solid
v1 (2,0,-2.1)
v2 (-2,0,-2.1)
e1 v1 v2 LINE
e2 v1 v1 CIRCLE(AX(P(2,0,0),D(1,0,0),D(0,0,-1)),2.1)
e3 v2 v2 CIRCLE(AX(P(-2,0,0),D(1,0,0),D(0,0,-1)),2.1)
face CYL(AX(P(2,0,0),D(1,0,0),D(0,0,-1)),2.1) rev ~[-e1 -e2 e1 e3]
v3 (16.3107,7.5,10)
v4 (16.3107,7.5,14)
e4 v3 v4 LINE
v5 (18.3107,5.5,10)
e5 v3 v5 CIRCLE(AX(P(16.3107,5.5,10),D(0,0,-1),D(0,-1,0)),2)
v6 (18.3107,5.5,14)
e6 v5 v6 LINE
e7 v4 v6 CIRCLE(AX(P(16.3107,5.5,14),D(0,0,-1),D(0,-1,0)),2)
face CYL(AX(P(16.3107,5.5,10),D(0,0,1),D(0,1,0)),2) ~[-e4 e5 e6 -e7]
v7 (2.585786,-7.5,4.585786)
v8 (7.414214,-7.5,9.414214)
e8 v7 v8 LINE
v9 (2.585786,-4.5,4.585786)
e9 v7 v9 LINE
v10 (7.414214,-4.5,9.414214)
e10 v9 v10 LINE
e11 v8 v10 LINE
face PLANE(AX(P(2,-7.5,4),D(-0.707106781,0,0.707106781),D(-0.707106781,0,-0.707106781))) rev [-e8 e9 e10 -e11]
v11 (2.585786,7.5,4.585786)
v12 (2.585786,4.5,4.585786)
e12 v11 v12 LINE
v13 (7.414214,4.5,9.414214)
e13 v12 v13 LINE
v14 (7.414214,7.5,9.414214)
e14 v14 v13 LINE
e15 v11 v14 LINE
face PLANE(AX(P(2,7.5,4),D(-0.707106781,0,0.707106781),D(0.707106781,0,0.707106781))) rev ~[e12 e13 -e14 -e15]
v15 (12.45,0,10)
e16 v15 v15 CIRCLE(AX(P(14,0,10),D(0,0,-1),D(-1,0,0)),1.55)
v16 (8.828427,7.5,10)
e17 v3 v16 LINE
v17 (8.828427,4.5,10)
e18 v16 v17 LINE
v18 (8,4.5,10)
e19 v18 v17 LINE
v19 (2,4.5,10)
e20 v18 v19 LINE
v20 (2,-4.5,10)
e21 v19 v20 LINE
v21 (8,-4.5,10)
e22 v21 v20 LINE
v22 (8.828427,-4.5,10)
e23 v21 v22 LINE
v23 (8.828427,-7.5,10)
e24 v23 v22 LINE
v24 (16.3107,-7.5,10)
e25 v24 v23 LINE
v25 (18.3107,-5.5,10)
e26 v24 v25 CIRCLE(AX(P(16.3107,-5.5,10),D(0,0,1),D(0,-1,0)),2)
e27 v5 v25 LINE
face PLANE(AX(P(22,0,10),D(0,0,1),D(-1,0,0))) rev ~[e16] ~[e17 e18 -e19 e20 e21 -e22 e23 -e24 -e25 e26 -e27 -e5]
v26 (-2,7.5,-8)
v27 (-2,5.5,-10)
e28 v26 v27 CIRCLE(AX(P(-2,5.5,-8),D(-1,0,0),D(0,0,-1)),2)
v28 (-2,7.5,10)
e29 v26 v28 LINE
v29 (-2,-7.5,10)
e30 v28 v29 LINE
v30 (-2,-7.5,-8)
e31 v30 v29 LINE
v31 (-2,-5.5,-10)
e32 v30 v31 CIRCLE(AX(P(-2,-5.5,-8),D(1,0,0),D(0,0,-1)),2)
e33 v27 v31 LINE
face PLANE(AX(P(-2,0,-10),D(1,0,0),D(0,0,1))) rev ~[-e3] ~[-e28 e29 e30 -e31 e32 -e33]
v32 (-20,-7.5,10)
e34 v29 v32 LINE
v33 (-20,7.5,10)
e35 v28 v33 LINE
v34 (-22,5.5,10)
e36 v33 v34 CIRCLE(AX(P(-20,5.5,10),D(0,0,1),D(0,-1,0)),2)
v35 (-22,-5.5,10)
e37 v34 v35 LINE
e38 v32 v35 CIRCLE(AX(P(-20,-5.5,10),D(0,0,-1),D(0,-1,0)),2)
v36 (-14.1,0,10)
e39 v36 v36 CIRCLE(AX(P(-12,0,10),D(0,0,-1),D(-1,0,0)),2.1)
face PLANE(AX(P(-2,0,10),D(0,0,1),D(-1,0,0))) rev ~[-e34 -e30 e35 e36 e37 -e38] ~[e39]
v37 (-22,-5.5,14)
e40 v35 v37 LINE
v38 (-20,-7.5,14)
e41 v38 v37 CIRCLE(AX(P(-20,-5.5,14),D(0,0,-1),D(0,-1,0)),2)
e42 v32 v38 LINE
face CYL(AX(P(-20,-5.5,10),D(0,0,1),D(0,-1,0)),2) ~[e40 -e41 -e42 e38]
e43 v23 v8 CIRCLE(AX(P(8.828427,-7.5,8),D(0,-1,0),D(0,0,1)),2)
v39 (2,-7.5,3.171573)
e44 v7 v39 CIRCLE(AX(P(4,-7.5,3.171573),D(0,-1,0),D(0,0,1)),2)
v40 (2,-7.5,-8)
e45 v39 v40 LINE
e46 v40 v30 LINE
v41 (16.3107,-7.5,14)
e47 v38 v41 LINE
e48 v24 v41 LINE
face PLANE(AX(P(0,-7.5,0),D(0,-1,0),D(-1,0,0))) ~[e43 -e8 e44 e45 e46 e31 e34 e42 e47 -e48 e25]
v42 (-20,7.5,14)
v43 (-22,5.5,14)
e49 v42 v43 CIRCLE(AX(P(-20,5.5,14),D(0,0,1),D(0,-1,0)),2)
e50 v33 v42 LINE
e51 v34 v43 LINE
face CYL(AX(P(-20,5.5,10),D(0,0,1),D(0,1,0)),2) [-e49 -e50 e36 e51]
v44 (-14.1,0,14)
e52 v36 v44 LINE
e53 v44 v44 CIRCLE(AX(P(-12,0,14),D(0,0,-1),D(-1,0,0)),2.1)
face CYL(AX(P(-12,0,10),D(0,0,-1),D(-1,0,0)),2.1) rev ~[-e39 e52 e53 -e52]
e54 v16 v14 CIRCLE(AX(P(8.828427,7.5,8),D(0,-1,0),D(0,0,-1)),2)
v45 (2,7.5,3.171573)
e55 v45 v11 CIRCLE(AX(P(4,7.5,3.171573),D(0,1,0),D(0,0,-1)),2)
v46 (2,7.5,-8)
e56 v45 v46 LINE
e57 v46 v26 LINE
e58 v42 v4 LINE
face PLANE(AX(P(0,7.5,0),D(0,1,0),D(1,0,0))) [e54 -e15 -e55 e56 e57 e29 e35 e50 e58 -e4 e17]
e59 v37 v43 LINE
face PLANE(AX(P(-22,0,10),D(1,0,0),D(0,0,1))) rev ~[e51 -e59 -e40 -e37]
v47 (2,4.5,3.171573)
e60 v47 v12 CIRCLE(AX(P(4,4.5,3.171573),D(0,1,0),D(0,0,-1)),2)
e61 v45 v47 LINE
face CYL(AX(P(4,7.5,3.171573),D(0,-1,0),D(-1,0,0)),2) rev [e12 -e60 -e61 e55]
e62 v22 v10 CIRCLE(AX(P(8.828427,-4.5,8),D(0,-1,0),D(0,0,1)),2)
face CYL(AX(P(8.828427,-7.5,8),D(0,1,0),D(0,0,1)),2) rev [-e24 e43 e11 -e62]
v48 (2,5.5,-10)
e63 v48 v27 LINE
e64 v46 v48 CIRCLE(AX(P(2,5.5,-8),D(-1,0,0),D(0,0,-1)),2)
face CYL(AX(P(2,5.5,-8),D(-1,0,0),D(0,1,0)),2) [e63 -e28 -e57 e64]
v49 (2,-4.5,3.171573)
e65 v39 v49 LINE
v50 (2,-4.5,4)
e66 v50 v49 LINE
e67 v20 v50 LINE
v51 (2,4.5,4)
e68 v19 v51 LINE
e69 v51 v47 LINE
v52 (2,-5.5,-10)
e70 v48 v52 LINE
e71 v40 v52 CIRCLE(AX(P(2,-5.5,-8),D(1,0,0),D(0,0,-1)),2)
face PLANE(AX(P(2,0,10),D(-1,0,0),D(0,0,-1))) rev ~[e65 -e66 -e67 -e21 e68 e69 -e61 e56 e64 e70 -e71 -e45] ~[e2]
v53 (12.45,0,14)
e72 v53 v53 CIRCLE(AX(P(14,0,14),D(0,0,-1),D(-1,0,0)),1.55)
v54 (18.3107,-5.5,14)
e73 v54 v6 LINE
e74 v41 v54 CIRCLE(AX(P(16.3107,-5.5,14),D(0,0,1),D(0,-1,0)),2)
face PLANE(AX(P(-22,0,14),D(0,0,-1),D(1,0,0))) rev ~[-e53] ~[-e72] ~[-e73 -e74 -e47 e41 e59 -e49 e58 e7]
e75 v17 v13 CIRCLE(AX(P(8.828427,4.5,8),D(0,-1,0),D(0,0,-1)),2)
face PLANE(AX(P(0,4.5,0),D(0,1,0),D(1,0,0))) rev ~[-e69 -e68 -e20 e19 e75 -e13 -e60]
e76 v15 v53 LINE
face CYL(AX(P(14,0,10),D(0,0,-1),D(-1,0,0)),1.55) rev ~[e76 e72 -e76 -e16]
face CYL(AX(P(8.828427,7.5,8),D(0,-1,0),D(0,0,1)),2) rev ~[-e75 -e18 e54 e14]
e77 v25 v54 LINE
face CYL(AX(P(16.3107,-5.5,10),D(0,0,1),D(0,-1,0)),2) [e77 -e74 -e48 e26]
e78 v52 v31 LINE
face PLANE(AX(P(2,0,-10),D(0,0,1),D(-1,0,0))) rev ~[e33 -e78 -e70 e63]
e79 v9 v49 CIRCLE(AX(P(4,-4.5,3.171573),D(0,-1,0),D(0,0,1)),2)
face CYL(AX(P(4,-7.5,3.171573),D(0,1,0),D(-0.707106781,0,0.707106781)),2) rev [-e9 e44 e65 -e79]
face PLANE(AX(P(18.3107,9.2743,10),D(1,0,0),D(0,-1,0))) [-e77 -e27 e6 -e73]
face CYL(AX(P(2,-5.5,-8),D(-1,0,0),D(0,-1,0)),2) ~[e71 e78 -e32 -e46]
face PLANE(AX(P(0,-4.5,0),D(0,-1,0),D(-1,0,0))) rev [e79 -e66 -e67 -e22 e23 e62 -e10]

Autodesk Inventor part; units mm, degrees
ref_plane "YZ Plane" through (0, 0, 0) normal (1, 0, 0) x (0, 1, 0)
ref_plane "XZ Plane" through (0, 0, 0) normal (0, 1, 0) x (-1, 0, 0)
ref_plane "XY Plane" through (0, 0, 0) normal (0, 0, 1) x (1, 0, 0)
sketch "Sketch1" plane through (0, 0, 0) normal (0, 1, 0) x (-1, 0, 0)
  line L0 (22, 14) -> (-22, 14)
  line L1 (-22, 14) -> (-22, 10)
  line L2 (-22, 10) -> (-2, 10)
  line L3 (-2, 10) -> (-2, -10)
  line L4 (-2, -10) -> (2, -10)
  line L5 (2, -10) -> (2, 10)
  line L6 (2, 10) -> (22, 10)
  line L7 (22, 10) -> (22, 14)
  point P0 (0, 0)
  point P1 (-2, 0)
  point P2 (0, 14)
  dimension "d0" = 20
  dimension "d1" = 4
  dimension "d2" = 20
  dimension "d3" = 4
  dimension "d4" = 20
extrude "Extrusion1" add sketch "Sketch1" along normal mid plane 15
sketch "Sketch2" plane through (-2, -7.5, 10) normal (0, 0, -1) x (-1, 0, 0)
  line L0 (20, 0) -> (0, 0) projected
  line L1 (20, 0) -> (20, 15) projected
  line L2 (0, 15) -> (20, 15) projected
  line L3 (0, 0) -> (0, 15) projected
  circle A0 centre (10, 7.5) radius 2.1
  point P0 (-2, 7.5)
  point P1 (20, 7.5)
  point P2 (10, 0)
  dimension "d7" = 4.2
extrude "Extrusion2" cut sketch "Sketch2" against normal up to next contours A0
sketch "Sketch3" plane through (2, -7.5, 10) normal (1, 0, 0) x (0, 0, -1)
  line L0 (20, 0) -> (0, 0) projected
  line L1 (20, 0) -> (20, 15) projected
  line L2 (0, 15) -> (20, 15) projected
  line L3 (0, 0) -> (0, 15) projected
  circle A0 centre (10, 7.5) radius 2.1
  point P0 (20, 7.5)
  point P1 (10, 0)
  dimension "d10" = 4.2
extrude "Extrusion3" cut sketch "Sketch3" against normal up to next contours A0
sketch "Sketch4" plane through (22, -7.5, 10) normal (0, 0, -1) x (-1, 0, 0)
  circle A0 centre (8, 7.5) radius 1.55
  line L0 (0, 0) -> (0, 15) projected
  point P0 (22, 7.5)
  point P1 (0, 7.5)
  dimension "d13" = 3.1
  dimension "d14" = 8
extrude "Extrusion4" cut sketch "Sketch4" against normal up to next
sketch "Sketch5" plane through (0, 7.5, 0) normal (0, 1, 0) x (1, 0, 0)
  line L0 (2, -4) -> (8, -10)
  line L1 (22, -10) -> (2, -10) projected
  line L2 (2, -10) -> (2, -4)
  line L3 (8, -10) -> (2, -10)
  point P0 (0, 0)
  dimension "d17" = 6
  dimension "d18" = 6
extrude "Extrusion5" add sketch "Sketch5" against normal blind 3
mirror "Mirror1" about plane through (0, 0, 0) normal (0, 1, 0) of "Extrusion5"
fillet "Fillet1" radius 2 4 edges at (-22, 7.5, 12) (22, 7.5, 12) (22, -7.5, 12) (-22, -7.5, 12)
sketch "Sketch6" plane through (8, 4.5, 10) normal (0, 0, -1) x (-1, 0, 0)
  point P0 (8, -4.5)
sketch "Sketch7" plane through (8, 4.5, 10) normal (0, 0, -1) x (-1, 0, 0)
  line L0 (-10.3107, -14.1904) -> (-16.6719, -14.1904)
  line L1 (-16.6719, -14.1904) -> (-16.6719, 4.7743)
  line L2 (-16.6719, 4.7743) -> (-10.3107, 4.7743)
  line L3 (-10.3107, 4.7743) -> (-10.3107, -14.1904)
  point P0 (8, -4.5)
extrude "Extrusion6" cut sketch "Sketch7" against normal up to next
fillet "Fillet2" radius 2 2 edges at (18.3107, 7.5, 12) (18.3107, -7.5, 12)
fillet "Fillet3" radius 2 6 edges at (0, -7.5, -10) (0, 7.5, -10) (2, 6, 4) (2, -6, 4) (8, 6, 10) (8, -6, 10)
properties part number "mount-heated-bed"
